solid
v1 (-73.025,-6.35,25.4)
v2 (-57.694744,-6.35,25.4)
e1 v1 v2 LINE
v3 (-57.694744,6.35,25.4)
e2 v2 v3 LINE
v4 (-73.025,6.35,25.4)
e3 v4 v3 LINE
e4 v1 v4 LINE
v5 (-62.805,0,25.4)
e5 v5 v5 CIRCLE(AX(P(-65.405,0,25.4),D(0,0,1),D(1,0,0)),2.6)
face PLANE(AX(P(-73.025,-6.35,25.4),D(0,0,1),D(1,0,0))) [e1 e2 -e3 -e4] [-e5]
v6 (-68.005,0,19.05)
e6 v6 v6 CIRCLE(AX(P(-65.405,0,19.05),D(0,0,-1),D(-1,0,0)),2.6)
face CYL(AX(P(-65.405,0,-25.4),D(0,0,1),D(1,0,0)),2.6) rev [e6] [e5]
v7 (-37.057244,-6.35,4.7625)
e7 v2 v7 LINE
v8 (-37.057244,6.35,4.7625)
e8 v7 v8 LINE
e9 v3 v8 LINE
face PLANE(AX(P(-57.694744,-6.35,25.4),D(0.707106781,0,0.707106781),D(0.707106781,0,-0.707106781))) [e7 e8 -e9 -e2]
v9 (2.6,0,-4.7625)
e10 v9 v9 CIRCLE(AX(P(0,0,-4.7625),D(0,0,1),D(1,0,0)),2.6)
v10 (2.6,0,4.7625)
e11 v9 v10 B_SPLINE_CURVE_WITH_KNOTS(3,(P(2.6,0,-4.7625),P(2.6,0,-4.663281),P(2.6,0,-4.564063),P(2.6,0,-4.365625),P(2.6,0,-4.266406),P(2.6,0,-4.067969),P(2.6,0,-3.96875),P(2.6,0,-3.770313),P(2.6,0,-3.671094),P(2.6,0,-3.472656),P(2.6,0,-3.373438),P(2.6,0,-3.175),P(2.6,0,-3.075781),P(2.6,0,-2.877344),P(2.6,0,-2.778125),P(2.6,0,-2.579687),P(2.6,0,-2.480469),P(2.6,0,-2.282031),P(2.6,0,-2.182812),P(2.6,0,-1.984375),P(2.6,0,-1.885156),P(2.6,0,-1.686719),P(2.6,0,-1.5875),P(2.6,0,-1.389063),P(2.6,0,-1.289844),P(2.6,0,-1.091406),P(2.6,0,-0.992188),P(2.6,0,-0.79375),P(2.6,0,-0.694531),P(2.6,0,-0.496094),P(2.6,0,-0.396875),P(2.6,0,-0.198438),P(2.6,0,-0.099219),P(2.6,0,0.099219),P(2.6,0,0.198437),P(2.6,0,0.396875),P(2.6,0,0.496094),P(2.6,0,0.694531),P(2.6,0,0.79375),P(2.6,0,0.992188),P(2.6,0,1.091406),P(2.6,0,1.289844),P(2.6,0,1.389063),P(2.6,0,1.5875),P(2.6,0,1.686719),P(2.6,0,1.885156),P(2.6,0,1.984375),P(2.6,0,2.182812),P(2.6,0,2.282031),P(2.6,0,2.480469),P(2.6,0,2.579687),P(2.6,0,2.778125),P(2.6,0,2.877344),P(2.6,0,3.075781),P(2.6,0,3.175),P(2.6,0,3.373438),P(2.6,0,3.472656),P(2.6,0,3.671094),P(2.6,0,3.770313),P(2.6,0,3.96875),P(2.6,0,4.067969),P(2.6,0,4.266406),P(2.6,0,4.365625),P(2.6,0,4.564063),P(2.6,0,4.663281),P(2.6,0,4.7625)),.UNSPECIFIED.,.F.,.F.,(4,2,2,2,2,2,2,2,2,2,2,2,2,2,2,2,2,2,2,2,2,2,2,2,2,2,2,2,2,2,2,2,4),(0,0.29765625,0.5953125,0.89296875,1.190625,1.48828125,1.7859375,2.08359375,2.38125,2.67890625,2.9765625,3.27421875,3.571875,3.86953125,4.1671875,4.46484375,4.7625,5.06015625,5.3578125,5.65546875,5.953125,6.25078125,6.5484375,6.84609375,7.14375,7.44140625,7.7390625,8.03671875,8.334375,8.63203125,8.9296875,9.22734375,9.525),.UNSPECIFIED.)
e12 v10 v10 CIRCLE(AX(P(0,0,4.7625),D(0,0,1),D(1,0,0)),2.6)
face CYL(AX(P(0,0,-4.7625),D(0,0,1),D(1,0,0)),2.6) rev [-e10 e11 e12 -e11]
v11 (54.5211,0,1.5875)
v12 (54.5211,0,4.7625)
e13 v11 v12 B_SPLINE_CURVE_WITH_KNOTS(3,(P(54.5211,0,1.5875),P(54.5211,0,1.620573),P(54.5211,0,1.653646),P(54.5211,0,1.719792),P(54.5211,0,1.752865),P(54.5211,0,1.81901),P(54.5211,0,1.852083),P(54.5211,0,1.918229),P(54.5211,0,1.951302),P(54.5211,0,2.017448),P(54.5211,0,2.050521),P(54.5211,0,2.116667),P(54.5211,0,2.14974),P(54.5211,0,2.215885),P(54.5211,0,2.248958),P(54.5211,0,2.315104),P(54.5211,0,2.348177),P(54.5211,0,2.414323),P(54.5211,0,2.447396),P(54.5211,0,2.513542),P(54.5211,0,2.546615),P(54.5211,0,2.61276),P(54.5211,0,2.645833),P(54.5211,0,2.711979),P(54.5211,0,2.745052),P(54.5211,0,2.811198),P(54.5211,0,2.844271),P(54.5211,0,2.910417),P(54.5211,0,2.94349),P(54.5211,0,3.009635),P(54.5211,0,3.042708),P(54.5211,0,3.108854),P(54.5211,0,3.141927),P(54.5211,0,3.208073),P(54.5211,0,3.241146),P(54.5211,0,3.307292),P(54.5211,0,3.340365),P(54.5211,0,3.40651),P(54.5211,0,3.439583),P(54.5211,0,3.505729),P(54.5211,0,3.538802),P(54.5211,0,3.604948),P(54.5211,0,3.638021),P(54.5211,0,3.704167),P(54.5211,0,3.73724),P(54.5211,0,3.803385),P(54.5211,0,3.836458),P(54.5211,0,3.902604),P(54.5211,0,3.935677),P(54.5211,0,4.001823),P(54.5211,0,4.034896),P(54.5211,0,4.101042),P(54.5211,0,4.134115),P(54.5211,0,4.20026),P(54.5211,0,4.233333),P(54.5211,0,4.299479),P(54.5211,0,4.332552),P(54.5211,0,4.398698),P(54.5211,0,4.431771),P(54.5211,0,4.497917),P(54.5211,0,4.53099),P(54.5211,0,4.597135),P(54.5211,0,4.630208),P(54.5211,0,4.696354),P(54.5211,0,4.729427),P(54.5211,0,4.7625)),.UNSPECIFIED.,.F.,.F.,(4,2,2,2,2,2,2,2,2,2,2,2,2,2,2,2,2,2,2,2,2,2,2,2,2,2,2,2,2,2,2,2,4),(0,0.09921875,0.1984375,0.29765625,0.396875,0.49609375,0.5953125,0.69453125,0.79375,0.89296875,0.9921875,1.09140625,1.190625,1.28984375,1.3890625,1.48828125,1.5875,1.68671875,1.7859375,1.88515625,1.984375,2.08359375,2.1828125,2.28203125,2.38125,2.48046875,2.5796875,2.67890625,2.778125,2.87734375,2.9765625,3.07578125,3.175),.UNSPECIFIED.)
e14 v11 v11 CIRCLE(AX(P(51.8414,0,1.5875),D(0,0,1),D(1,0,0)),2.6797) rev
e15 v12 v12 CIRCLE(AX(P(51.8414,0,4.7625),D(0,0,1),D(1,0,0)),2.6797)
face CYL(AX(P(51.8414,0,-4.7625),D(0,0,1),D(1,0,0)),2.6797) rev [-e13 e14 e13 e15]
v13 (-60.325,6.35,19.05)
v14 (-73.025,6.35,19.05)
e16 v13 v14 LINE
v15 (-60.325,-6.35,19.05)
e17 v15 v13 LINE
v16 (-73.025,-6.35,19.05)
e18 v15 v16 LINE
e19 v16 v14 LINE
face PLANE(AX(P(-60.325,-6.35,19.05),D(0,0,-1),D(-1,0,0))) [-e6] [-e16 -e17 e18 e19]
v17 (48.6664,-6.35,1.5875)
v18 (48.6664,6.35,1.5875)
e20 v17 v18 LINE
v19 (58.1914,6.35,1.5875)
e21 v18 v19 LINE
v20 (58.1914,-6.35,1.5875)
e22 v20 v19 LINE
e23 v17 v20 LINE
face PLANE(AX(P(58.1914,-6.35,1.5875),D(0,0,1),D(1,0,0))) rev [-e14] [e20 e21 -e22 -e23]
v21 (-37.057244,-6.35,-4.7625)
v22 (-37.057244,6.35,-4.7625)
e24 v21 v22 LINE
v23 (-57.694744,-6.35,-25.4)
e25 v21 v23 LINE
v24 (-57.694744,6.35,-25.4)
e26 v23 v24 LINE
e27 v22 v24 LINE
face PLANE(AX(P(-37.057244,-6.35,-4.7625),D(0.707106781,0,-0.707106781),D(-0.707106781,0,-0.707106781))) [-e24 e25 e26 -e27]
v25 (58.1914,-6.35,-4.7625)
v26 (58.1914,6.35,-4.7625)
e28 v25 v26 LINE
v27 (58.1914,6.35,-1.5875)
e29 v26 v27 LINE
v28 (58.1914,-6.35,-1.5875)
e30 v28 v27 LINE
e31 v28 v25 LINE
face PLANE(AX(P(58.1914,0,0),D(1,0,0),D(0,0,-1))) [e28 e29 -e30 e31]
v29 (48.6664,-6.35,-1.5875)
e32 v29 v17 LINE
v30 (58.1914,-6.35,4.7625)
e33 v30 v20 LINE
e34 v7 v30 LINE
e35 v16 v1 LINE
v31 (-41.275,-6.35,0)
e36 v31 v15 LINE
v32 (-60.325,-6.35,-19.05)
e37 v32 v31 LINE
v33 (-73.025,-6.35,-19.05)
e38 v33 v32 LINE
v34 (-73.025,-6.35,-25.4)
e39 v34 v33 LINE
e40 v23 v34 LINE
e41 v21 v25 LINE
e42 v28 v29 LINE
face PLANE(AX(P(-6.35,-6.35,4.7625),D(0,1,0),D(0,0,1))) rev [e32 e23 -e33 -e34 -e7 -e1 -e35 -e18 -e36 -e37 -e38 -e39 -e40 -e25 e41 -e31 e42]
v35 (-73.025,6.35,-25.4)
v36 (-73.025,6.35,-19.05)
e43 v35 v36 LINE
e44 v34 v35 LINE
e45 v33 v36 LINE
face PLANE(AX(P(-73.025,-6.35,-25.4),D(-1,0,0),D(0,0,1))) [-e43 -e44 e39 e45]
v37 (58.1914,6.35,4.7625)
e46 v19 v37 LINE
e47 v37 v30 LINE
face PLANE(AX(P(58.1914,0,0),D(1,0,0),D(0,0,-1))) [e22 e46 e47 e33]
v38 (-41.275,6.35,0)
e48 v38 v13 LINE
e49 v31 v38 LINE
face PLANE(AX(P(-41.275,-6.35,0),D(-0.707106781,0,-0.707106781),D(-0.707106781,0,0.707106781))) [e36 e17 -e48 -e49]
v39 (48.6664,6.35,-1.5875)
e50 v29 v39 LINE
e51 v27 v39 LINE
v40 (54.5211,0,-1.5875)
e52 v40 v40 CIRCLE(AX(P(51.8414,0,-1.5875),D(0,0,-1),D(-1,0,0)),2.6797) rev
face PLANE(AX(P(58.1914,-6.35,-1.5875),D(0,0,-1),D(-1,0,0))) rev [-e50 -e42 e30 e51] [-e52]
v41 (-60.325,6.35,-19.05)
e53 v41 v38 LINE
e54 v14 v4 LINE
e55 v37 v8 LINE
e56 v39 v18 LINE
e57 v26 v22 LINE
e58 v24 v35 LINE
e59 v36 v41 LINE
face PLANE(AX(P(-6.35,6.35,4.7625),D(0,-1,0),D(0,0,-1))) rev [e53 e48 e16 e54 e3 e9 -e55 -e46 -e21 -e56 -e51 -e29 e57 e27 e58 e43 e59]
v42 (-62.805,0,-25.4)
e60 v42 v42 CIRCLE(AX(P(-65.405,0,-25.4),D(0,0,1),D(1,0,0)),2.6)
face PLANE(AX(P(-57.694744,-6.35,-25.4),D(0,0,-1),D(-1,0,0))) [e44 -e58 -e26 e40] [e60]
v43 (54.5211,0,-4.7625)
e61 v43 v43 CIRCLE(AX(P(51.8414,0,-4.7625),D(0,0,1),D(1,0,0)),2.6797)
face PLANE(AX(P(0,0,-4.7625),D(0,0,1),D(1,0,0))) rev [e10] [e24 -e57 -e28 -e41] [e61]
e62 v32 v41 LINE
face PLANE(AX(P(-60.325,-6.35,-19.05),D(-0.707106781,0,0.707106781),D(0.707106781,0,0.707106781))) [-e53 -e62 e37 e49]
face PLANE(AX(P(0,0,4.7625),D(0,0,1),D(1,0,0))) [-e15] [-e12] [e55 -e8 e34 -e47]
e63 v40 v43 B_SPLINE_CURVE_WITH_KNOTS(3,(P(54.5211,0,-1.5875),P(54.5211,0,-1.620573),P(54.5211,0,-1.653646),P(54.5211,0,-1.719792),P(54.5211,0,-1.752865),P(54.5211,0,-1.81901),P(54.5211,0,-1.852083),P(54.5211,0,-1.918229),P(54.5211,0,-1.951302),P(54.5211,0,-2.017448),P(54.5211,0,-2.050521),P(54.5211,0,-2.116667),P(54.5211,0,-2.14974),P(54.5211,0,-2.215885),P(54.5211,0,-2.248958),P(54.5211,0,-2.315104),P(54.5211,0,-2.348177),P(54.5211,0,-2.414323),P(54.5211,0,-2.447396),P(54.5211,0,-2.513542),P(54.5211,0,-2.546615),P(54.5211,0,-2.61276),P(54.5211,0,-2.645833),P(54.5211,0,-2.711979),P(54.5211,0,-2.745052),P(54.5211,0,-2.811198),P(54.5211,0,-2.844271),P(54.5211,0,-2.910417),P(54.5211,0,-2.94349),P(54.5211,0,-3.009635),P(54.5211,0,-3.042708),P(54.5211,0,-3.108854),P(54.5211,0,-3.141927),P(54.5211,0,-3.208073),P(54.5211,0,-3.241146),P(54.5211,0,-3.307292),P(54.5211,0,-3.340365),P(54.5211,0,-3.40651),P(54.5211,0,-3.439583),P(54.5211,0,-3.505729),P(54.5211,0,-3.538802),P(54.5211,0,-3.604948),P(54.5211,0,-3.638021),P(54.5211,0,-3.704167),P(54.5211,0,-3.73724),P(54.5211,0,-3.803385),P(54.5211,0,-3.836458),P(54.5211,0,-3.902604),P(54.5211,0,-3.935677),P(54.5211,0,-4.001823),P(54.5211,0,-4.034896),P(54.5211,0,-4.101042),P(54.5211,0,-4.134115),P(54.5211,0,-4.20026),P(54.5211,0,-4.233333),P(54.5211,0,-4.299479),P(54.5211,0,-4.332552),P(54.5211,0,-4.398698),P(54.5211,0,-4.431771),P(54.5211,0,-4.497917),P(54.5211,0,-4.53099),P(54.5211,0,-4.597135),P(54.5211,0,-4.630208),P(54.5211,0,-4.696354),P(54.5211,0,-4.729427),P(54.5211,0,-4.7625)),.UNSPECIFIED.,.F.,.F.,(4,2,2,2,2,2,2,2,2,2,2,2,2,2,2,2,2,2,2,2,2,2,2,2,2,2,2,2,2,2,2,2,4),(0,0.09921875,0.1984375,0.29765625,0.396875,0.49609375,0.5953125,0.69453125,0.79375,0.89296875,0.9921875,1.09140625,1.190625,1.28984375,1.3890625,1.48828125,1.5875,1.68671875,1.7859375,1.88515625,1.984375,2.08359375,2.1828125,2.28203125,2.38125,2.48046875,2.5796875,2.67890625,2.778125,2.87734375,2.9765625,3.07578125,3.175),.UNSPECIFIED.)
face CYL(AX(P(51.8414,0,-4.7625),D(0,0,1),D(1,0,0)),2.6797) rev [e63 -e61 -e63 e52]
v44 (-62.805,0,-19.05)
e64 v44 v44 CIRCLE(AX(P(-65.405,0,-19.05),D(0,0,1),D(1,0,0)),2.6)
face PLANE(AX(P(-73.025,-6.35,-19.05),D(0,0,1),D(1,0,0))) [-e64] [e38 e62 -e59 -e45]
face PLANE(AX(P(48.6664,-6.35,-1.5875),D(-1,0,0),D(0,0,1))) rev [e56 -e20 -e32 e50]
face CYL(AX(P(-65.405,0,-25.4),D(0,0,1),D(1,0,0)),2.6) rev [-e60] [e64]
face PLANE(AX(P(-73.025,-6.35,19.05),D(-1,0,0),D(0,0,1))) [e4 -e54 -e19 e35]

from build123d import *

# Parameters (mm, degrees)
ESQUISSE1_W             = 12.7
ESQUISSE1_H             = 12.7
BOSS_EXTRU_1_DEPTH      = 4.7625
ESQUISSE2_R             = 2.6
ENL_V_MAT_EXTRU_1_DEPTH = 14.090860361
ESQUISSE4_W             = 9.525
ESQUISSE4_H             = 12.7
BOSS_EXTRU_3_DEPTH      = 51.8414
ESQUISSE5_R             = 2.6797
ENL_V_MAT_EXTRU_2_DEPTH = 60.306721027
ESQUISSE6_W             = 9.525
ESQUISSE6_H             = 3.175
ENL_V_MAT_EXTRU_3_DEPTH = 60.751237981
ESQUISSE7_W             = 9.525
ESQUISSE7_H             = 12.7
BOSS_EXTRU_4_DEPTH      = 34.925
BOSS_EXTRU_5_DEPTH      = 12.7
ESQUISSE9_R             = 2.6
ENL_V_MAT_EXTRU_4_DEPTH = 90.183031598


with BuildPart() as part:
    # Esquisse1 → Boss.-Extru.1 (new, symmetric)
    with BuildSketch(Plane.XY):
        Rectangle(ESQUISSE1_W, ESQUISSE1_H)
    extrude(amount=BOSS_EXTRU_1_DEPTH, both=True)

    # Esquisse2 → Enlèv. mat.-Extru.1 (cut, through all)
    with BuildSketch(Plane.XY.offset(4.7625)):
        Circle(ESQUISSE2_R)
    extrude(amount=-ENL_V_MAT_EXTRU_1_DEPTH, mode=Mode.SUBTRACT)

    # Esquisse4 → Boss.-Extru.3 (add)
    with BuildSketch(Plane(origin=(6.35, 0, 0), x_dir=(0, 0, -1), z_dir=(1, 0, 0))):
        Rectangle(ESQUISSE4_W, ESQUISSE4_H)
    extrude(amount=BOSS_EXTRU_3_DEPTH)

    # Esquisse5 → Enlèv. mat.-Extru.2 (cut, through all)
    with BuildSketch(Plane.XY.offset(4.7625)):
        with Locations((51.8414, 0)):
            Circle(ESQUISSE5_R)
    extrude(amount=-ENL_V_MAT_EXTRU_2_DEPTH, mode=Mode.SUBTRACT)

    # Esquisse6 → Enlèv. mat.-Extru.3 (cut, through all)
    with BuildSketch(Plane(origin=(0, 6.35, 0), x_dir=(1, 0, 0), z_dir=(0, 1, 0))):
        with Locations((53.4289, 0)):
            Rectangle(ESQUISSE6_W, ESQUISSE6_H)
    extrude(amount=-ENL_V_MAT_EXTRU_3_DEPTH, mode=Mode.SUBTRACT)

    # Esquisse7 → Boss.-Extru.4 (add)
    with BuildSketch(Plane.ZY.offset(6.35)):
        Rectangle(ESQUISSE7_W, ESQUISSE7_H)
    extrude(amount=BOSS_EXTRU_4_DEPTH)

    # Esquisse8 → Boss.-Extru.5 (add)
    with BuildSketch(Plane(origin=(0, 6.35, 0), x_dir=(1, 0, 0), z_dir=(0, 1, 0))):
        Polygon((-37.057243879, 4.7625), (-57.694743879, 25.4), (-73.025, 25.4), (-73.025, 19.05), (-60.325, 19.05), (-41.275, 0), (-60.325, -19.05), (-73.025, -19.05), (-73.025, -25.4), (-57.694743879, -25.4), (-37.057243879, -4.7625), align=None)
    extrude(amount=-BOSS_EXTRU_5_DEPTH)

    # Esquisse9 → Enlèv. mat.-Extru.4 (cut, through all)
    with BuildSketch(Plane.XY.offset(25.4)):
        with Locations((-65.405, 0)):
            Circle(ESQUISSE9_R)
    extrude(amount=-ENL_V_MAT_EXTRU_4_DEPTH, mode=Mode.SUBTRACT)


solid = part.part
